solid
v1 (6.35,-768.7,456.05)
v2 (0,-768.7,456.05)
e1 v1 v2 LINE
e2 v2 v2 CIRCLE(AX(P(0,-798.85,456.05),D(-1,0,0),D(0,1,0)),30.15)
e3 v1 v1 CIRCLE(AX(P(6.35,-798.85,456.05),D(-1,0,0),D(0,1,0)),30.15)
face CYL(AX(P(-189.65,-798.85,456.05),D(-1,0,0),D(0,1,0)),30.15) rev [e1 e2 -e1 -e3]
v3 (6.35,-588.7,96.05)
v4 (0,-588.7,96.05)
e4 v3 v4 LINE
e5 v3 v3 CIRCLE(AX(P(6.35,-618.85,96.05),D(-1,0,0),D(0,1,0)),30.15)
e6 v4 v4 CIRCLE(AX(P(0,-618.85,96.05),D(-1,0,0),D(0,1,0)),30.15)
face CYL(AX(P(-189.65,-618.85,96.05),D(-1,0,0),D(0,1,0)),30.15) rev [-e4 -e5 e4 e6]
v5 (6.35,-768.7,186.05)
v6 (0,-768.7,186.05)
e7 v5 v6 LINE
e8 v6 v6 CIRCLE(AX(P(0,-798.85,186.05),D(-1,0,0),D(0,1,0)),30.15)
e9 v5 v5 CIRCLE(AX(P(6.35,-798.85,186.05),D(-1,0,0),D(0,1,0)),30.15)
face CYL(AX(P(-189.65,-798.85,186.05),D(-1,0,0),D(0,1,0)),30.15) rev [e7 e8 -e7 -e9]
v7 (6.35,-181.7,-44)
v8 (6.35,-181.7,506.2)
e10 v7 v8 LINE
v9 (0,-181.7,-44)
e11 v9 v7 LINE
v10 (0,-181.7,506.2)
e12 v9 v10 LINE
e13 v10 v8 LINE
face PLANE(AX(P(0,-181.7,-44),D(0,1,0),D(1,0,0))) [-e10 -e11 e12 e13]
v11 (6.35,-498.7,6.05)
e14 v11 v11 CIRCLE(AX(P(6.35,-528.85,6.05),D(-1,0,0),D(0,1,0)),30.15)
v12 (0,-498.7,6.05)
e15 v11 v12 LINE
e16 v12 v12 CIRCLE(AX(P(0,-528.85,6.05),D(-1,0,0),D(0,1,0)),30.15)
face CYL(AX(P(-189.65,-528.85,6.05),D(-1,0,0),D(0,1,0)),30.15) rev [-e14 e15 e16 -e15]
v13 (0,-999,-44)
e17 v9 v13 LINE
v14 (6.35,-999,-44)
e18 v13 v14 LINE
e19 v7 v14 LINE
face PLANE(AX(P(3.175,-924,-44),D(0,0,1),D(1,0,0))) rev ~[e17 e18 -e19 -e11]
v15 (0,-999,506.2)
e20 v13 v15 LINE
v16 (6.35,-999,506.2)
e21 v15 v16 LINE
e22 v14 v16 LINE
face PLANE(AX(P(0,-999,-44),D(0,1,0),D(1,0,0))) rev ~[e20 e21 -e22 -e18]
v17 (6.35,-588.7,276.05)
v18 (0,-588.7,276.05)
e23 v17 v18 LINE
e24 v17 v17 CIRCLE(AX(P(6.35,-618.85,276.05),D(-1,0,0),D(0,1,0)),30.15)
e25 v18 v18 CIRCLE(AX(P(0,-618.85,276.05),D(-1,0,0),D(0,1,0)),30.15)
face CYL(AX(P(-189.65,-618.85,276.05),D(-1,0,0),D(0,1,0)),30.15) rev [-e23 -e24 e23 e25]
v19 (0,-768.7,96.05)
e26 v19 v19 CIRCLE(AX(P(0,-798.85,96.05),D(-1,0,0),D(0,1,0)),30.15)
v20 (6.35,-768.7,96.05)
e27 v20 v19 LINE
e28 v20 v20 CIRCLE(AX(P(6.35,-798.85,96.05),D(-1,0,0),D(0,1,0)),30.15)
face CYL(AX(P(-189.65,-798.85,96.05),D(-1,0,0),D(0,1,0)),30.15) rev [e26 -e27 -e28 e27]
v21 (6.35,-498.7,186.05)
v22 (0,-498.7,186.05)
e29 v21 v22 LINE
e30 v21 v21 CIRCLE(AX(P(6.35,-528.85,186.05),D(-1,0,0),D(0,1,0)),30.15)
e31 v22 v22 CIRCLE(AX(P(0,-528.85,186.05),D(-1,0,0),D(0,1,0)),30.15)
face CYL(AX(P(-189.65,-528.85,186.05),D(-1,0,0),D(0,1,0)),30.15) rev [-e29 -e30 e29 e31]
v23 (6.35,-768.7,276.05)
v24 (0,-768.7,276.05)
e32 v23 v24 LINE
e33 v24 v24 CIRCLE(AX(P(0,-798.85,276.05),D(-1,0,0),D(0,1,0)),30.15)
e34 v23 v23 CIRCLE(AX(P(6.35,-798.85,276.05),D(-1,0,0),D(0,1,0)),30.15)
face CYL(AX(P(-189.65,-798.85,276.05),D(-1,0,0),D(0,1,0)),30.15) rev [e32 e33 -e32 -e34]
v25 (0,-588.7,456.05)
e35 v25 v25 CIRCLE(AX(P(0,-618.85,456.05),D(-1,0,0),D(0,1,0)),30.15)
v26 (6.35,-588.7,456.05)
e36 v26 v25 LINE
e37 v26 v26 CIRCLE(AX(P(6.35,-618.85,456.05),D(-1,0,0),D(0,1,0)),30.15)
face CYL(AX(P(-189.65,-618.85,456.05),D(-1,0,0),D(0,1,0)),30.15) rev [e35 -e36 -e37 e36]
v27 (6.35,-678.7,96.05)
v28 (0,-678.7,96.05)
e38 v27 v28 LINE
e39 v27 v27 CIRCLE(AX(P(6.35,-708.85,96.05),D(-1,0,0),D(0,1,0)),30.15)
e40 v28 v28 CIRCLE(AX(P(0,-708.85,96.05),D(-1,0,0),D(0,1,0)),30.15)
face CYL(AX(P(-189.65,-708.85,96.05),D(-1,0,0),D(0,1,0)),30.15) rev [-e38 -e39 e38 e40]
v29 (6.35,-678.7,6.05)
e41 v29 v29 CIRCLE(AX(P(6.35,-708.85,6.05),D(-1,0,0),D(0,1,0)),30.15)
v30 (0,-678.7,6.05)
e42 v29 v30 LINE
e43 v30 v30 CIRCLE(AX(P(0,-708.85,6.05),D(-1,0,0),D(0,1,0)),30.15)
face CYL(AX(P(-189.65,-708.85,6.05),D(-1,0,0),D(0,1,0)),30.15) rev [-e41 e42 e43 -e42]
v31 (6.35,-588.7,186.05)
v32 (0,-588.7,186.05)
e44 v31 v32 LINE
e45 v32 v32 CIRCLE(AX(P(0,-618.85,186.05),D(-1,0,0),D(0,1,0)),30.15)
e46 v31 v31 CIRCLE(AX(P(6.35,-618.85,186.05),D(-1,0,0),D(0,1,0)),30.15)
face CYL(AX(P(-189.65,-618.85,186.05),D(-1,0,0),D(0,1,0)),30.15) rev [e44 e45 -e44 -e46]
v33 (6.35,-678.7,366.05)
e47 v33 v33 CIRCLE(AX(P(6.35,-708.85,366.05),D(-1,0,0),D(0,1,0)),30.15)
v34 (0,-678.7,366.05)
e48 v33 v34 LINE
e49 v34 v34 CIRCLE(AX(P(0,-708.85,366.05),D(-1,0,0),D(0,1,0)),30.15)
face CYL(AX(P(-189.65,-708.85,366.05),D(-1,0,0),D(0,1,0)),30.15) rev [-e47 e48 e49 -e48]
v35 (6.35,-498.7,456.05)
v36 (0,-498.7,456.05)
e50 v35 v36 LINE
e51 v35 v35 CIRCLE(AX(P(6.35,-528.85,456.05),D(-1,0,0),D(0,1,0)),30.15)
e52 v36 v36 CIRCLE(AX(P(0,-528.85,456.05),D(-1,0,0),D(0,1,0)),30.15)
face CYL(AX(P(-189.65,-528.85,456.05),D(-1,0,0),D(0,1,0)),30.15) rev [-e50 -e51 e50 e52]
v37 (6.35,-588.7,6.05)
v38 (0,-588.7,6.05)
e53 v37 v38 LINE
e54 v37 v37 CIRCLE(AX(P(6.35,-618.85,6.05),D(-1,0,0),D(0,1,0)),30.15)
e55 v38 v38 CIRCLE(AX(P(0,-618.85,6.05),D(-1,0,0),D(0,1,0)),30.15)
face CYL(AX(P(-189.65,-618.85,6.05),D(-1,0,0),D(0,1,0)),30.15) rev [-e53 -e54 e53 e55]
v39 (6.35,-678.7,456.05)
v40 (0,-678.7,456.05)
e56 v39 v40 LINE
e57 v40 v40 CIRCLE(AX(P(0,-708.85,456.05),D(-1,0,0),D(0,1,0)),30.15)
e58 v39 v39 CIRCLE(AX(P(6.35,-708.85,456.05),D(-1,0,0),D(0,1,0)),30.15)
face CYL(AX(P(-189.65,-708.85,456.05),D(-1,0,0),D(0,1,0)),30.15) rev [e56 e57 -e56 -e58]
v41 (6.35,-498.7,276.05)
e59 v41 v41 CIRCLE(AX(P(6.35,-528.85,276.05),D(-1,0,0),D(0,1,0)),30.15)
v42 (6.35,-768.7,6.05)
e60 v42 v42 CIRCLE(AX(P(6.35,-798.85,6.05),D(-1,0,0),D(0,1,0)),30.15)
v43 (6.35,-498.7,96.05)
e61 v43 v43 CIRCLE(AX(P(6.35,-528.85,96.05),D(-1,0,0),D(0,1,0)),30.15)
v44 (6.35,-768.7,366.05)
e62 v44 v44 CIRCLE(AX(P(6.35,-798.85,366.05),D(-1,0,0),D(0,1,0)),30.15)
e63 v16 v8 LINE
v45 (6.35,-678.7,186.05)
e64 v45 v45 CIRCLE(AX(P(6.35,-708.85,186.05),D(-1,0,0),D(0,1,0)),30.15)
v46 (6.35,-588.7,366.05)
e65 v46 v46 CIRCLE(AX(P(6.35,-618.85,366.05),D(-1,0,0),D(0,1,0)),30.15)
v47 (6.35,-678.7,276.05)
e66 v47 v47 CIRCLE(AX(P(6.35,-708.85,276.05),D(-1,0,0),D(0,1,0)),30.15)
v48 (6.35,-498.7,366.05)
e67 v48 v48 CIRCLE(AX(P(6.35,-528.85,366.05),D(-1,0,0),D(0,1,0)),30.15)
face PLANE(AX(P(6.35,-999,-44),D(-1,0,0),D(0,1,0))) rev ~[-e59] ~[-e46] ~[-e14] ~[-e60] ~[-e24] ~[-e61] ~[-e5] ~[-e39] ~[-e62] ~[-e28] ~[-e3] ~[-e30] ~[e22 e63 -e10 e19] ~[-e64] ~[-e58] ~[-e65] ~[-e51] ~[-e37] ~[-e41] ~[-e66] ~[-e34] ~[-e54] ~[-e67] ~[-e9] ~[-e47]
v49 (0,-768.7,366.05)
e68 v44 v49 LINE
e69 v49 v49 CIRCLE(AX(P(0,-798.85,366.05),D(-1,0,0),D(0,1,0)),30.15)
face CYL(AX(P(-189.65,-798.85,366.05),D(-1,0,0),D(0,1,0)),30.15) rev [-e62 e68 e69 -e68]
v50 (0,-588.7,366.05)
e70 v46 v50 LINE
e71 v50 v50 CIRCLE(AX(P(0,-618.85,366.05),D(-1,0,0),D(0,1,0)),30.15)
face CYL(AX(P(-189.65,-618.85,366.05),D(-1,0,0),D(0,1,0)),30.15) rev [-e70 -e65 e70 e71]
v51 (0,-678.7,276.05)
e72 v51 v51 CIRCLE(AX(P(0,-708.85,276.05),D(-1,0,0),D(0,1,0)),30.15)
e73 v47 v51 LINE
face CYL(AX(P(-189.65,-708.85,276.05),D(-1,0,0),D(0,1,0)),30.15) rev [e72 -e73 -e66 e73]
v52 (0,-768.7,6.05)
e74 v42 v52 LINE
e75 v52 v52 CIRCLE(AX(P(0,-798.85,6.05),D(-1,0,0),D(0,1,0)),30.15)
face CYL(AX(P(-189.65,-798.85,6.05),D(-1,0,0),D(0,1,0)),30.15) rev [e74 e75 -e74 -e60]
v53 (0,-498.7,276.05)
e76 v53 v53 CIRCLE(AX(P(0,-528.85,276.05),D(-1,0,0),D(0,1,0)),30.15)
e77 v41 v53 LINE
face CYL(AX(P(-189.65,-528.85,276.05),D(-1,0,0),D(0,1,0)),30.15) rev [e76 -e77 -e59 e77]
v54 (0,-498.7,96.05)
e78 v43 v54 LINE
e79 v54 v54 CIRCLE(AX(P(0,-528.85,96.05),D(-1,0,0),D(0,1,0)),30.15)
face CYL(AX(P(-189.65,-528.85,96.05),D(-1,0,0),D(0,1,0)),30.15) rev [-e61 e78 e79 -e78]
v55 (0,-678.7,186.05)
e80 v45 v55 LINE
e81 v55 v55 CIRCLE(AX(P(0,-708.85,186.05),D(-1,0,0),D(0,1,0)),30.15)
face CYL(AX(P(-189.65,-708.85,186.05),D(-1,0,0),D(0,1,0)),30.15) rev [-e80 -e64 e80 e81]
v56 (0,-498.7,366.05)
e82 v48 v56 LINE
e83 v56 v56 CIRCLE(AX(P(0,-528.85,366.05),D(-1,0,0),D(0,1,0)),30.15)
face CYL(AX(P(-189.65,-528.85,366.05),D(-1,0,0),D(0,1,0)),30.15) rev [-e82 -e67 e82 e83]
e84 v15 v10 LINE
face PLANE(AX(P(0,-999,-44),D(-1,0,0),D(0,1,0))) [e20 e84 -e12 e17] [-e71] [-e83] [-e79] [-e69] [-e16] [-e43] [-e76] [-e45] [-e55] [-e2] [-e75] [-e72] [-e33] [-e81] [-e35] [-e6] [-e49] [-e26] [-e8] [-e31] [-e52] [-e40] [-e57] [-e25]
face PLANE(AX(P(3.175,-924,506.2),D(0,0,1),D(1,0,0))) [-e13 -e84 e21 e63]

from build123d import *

# Parameters (mm, degrees)
BOX004_W         = 6.35
BOX004_H         = 297
BOX004_DEPTH     = 550.2
BOX005_W         = 6.35
BOX005_H         = 150
BOX005_DEPTH     = 550.2
SKETCH002_R      = 30.15
PAD001_DEPTH     = 200
ARRAY001_X_COUNT = 2
ARRAY001_X_PITCH = 1
ARRAY001_Y_COUNT = 4
ARRAY001_Y_PITCH = 90
ARRAY001_Z_COUNT = 6
ARRAY001_Z_PITCH = 90
BOX001_W         = 6.35
BOX001_H         = 370.3
BOX001_DEPTH     = 550.2


with BuildPart() as cubo004:
    # Box004 → Box004 (new body)
    with BuildSketch(Plane(origin=(0, -478.7, -44), x_dir=(1, 0, 0), z_dir=(0, 0, 1))):
        with Locations((3.175, 148.5)):
            Rectangle(BOX004_W, BOX004_H)
    extrude(amount=BOX004_DEPTH)


with BuildPart() as entrada_porta_tubos:
    # Box005 → Box005 (new body)
    with BuildSketch(Plane(origin=(0, -999, -44), x_dir=(1, 0, 0), z_dir=(0, 0, 1))):
        with Locations((3.175, 75)):
            Rectangle(BOX005_W, BOX005_H)
    extrude(amount=BOX005_DEPTH)


with BuildPart() as paquete_macho:
    # Sketch002 → Pad001 (new body)
    with BuildSketch(Plane.YZ):
        Circle(SKETCH002_R)
    extrude(amount=PAD001_DEPTH)


with BuildPart() as paquete_macho_1:
    # Body001 placement: moved
    add(paquete_macho.part.moved(Location((-418, 209, 0))))

    # Array001 X: paquete_macho ×2


with BuildPart() as paquete_macho_2:
    add(paquete_macho_1.part)
    with Locations(*[(i * ARRAY001_X_PITCH, 0, 0) for i in range(1, ARRAY001_X_COUNT)]):
        add(paquete_macho_1.part)

    # Array001 Y: paquete_macho ×4


with BuildPart() as paquete_macho_3:
    add(paquete_macho_2.part)
    with Locations(*[(0, i * ARRAY001_Y_PITCH, 0) for i in range(1, ARRAY001_Y_COUNT)]):
        add(paquete_macho_2.part)

    # Array001 Z: paquete_macho ×6


with BuildPart() as paquete_macho_4:
    add(paquete_macho_3.part)
    with Locations(*[(0, 0, i * ARRAY001_Z_PITCH) for i in range(1, ARRAY001_Z_COUNT)]):
        add(paquete_macho_3.part)


with BuildPart() as paquete_macho_5:
    # Array001 placement: moved
    add(paquete_macho_4.part.moved(Location((228.35, -1007.85, 6.05))))


with BuildPart() as placa_portatubos_1_a:
    # Box001 → Box001 (new body)
    with BuildSketch(Plane(origin=(0, -849, -44), x_dir=(1, 0, 0), z_dir=(0, 0, 1))):
        with Locations((3.175, 185.15)):
            Rectangle(BOX001_W, BOX001_H)
    extrude(amount=BOX001_DEPTH)

    # Cut: cut paquete_macho
    add(paquete_macho_5.part, mode=Mode.SUBTRACT)

    # Fusion008: union Cubo004, entrada_porta_tubos
    add(cubo004.part)
    add(entrada_porta_tubos.part)


solid = placa_portatubos_1_a.part
